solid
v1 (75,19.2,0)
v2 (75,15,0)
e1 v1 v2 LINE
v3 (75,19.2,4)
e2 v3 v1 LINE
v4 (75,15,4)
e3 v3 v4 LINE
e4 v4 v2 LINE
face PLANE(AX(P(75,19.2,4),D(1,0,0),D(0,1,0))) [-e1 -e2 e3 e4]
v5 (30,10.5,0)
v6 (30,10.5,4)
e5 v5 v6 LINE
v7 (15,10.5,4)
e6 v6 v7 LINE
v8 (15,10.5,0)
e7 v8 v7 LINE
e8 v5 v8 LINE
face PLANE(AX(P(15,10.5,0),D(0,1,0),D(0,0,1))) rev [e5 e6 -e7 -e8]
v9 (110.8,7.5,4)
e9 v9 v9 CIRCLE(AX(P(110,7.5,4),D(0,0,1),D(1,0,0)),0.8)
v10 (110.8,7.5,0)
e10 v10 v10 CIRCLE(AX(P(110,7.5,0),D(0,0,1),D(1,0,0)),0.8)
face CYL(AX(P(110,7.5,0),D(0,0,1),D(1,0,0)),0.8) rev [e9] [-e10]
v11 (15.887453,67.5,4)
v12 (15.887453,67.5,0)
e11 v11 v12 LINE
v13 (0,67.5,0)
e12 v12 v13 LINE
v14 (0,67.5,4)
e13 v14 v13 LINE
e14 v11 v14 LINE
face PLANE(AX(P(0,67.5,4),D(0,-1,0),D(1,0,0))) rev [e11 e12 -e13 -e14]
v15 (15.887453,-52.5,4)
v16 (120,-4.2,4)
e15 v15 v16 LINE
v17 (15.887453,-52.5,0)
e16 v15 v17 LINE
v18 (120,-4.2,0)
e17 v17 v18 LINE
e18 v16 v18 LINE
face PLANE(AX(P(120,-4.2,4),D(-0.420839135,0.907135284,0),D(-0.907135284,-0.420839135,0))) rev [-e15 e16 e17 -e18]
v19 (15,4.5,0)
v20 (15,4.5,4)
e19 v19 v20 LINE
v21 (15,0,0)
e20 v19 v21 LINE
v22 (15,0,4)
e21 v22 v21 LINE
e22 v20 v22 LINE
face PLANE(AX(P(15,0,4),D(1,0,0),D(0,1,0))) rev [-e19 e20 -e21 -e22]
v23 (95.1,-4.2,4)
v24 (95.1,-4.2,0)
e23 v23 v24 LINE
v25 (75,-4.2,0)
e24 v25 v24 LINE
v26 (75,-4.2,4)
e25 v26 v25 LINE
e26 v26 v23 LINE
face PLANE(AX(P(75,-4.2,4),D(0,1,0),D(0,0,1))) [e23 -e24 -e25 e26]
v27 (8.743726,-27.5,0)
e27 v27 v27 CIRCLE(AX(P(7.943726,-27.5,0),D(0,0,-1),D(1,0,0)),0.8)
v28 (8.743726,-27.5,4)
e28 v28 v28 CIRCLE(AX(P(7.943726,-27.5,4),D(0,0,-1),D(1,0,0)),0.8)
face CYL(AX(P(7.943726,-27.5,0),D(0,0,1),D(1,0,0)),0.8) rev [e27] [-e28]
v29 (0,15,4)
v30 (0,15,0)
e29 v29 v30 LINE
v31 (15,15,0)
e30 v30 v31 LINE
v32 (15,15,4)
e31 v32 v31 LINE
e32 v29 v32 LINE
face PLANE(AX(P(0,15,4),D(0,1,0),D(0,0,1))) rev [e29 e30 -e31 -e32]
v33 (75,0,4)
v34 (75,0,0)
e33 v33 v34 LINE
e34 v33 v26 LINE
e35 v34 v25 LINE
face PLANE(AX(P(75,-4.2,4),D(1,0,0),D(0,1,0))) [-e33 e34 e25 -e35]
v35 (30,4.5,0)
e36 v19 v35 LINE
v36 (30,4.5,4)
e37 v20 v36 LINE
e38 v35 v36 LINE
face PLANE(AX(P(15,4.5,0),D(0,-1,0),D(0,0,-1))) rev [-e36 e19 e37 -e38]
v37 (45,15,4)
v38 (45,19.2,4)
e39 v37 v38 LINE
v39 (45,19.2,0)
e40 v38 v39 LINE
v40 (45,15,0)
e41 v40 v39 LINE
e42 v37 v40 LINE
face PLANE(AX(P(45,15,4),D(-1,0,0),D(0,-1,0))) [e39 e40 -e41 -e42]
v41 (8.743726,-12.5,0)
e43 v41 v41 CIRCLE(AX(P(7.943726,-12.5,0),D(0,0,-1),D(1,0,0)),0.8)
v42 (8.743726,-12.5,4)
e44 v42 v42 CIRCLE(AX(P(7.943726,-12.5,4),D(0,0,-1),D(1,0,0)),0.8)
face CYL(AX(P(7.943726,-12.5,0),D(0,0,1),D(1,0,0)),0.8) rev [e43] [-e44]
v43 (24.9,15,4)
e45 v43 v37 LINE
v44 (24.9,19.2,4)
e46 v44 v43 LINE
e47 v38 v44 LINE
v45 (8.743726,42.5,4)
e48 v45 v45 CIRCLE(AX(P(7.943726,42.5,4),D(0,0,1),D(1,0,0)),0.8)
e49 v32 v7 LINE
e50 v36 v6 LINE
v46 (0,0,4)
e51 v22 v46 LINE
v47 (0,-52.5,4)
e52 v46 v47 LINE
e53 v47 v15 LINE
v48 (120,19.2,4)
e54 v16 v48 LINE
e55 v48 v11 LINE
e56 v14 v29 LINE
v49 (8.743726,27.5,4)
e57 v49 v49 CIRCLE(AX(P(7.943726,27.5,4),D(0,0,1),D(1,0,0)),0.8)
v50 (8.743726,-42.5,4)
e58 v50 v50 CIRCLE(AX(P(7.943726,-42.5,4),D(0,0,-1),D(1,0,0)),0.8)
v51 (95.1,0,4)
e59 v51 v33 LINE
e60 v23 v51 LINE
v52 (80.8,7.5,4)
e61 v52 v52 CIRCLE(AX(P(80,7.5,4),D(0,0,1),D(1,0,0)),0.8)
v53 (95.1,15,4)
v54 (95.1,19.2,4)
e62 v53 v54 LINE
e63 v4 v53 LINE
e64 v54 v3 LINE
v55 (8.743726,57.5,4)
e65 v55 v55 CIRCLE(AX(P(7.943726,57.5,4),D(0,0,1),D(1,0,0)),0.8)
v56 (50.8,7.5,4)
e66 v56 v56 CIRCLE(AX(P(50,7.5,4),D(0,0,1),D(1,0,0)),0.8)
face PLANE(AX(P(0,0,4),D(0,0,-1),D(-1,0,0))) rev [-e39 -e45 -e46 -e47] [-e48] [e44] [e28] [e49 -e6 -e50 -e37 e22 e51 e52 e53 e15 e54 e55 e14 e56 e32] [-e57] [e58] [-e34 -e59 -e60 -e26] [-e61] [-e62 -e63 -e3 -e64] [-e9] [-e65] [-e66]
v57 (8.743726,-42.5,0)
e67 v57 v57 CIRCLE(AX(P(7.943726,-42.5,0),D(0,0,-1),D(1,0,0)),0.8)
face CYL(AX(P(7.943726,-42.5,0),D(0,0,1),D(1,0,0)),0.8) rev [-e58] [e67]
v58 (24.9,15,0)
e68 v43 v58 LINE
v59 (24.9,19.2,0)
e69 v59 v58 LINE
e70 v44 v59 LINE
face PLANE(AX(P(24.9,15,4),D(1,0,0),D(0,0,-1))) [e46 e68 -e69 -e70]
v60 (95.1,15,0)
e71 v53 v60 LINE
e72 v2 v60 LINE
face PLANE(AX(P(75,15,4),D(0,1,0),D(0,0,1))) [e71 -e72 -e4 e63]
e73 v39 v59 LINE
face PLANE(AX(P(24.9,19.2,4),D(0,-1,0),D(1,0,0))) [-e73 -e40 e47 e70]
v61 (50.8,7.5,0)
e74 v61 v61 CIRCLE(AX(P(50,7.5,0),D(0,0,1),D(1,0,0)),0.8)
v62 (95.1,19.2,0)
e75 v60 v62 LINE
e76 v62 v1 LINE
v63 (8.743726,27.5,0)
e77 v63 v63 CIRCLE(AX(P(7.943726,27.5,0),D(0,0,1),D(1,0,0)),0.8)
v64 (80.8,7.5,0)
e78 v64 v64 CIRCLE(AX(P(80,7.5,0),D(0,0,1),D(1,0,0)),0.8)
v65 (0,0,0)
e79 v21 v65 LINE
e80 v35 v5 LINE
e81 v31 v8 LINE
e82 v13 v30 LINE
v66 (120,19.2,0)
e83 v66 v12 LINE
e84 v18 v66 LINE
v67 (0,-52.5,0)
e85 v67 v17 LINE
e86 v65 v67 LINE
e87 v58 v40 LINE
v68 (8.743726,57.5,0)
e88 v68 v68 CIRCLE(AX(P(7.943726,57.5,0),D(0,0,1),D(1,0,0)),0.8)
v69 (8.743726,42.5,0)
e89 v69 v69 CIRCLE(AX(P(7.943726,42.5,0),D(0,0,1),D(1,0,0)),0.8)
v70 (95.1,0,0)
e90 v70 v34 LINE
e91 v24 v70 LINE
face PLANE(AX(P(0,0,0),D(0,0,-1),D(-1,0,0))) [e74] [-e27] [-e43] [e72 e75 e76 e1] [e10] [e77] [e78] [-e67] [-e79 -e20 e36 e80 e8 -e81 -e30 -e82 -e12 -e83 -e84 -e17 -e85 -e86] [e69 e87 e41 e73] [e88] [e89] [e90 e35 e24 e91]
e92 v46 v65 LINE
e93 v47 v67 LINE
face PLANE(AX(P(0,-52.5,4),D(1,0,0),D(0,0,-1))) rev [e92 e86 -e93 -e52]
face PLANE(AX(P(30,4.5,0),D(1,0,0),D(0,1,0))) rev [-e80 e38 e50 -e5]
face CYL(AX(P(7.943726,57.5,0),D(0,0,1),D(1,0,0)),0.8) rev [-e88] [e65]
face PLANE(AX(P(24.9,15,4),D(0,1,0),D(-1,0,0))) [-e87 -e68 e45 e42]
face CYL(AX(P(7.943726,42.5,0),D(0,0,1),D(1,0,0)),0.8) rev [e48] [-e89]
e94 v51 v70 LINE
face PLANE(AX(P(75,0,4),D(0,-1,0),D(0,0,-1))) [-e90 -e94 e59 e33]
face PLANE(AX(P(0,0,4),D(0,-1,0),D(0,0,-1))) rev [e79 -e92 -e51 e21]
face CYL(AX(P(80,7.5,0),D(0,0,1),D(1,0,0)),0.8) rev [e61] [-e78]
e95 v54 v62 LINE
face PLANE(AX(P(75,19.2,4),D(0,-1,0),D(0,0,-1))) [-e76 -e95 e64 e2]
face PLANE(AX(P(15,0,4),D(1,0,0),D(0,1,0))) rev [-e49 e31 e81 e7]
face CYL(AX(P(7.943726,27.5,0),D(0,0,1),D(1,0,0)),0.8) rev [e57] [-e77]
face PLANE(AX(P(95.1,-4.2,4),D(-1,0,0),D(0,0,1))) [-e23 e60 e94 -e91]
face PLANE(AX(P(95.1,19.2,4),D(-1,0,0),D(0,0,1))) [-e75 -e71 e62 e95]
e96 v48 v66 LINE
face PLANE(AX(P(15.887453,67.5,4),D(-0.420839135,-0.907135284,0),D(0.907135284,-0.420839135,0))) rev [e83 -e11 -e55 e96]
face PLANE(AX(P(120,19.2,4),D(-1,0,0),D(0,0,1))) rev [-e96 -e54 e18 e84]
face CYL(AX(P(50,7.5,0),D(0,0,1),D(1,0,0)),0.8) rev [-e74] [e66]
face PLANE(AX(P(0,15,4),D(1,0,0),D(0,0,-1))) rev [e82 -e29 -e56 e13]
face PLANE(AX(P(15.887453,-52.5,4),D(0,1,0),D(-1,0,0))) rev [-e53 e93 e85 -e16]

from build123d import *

# Parameters (mm, degrees)
SKETCH1_W               = 20.1
SKETCH1_H               = 4.2
BOSS_EXTRUDE1_DEPTH     = 4
SKETCH2_R               = 0.8
CUT_EXTRUDE1_DEPTH      = 4
LPATTERN2_COUNT         = 3
LPATTERN2_PITCH         = 15
MIRROR1_COPY_1_SKETCH_R = 0.8
MIRROR1_COPY_1_DEPTH    = 4
MIRROR1_COPY_2_SKETCH_R = 0.8
MIRROR1_COPY_2_DEPTH    = 4
MIRROR1_COPY_3_SKETCH_R = 0.8
MIRROR1_COPY_3_DEPTH    = 4
SKETCH2_4_R             = 0.8
CUT_EXTRUDE3_DEPTH      = 4
LPATTERN3_COUNT         = 5
LPATTERN3_PITCH         = 30
SKETCH3_W               = 15
SKETCH3_H               = 6
CUT_EXTRUDE4_DEPTH      = 4


with BuildPart() as part:
    # Sketch1 → Boss-Extrude1 (new body)
    with BuildSketch(Plane.XY):
        Polygon((0, 15), (0, 67.5), (15.887452938, 67.5), (120, 19.2), (120, -4.2), (15.887452938, -52.5), (0, -52.5), (0, 0), (15, 0), (15, 15), align=None)
        with Locations((85.05, -2.1)):
            Rectangle(SKETCH1_W, SKETCH1_H, mode=Mode.SUBTRACT)
        with Locations((85.05, 17.1)):
            Rectangle(SKETCH1_W, SKETCH1_H, mode=Mode.SUBTRACT)
        with Locations((34.95, 17.1)):
            Rectangle(SKETCH1_W, SKETCH1_H, mode=Mode.SUBTRACT)
    extrude(amount=BOSS_EXTRUDE1_DEPTH)

    # Sketch2 → Cut-Extrude1 (cut)
    with BuildSketch(Plane.XY.offset(4)):
        with Locations((7.943726469, 57.5)):
            Circle(SKETCH2_R)
    cut_extrude1 = extrude(amount=-CUT_EXTRUDE1_DEPTH, mode=Mode.SUBTRACT)

    # LPattern2: Cut-Extrude1 ×3
    with Locations(*[(0, -i * LPATTERN2_PITCH, 0) for i in range(1, LPATTERN2_COUNT)]):
        add(cut_extrude1, mode=Mode.SUBTRACT)

    # Mirror1 copy 1 sketch → Mirror1 copy 1 (cut)
    with BuildSketch(Plane(origin=(0, 30, 4), x_dir=(1, 0, 0), z_dir=(0, 0, 1))):
        with Locations((7.943726469, -57.5)):
            Circle(MIRROR1_COPY_1_SKETCH_R)
    extrude(amount=-MIRROR1_COPY_1_DEPTH, mode=Mode.SUBTRACT)

    # Mirror1 copy 2 sketch → Mirror1 copy 2 (cut)
    with BuildSketch(Plane(origin=(0, 45, 4), x_dir=(1, 0, 0), z_dir=(0, 0, 1))):
        with Locations((7.943726469, -57.5)):
            Circle(MIRROR1_COPY_2_SKETCH_R)
    extrude(amount=-MIRROR1_COPY_2_DEPTH, mode=Mode.SUBTRACT)

    # Mirror1 copy 3 sketch → Mirror1 copy 3 (cut)
    with BuildSketch(Plane(origin=(0, 15, 4), x_dir=(1, 0, 0), z_dir=(0, 0, 1))):
        with Locations((7.943726469, -57.5)):
            Circle(MIRROR1_COPY_3_SKETCH_R)
    extrude(amount=-MIRROR1_COPY_3_DEPTH, mode=Mode.SUBTRACT)

    # Sketch2<4> → Cut-Extrude3 (cut)
    with BuildSketch(Plane.XY.offset(4)):
        with Locations((110, 7.5)):
            Circle(SKETCH2_4_R)
    cut_extrude3 = extrude(amount=-CUT_EXTRUDE3_DEPTH, mode=Mode.SUBTRACT)

    # LPattern3: Cut-Extrude3 ×5
    with Locations(*[(-i * LPATTERN3_PITCH, 0, 0) for i in range(1, LPATTERN3_COUNT)]):
        add(cut_extrude3, mode=Mode.SUBTRACT)

    # Sketch3 → Cut-Extrude4 (cut)
    with BuildSketch(Plane.XY.offset(4)):
        with Locations((22.5, 7.5)):
            Rectangle(SKETCH3_W, SKETCH3_H)
    extrude(amount=-CUT_EXTRUDE4_DEPTH, mode=Mode.SUBTRACT)


solid = part.part
